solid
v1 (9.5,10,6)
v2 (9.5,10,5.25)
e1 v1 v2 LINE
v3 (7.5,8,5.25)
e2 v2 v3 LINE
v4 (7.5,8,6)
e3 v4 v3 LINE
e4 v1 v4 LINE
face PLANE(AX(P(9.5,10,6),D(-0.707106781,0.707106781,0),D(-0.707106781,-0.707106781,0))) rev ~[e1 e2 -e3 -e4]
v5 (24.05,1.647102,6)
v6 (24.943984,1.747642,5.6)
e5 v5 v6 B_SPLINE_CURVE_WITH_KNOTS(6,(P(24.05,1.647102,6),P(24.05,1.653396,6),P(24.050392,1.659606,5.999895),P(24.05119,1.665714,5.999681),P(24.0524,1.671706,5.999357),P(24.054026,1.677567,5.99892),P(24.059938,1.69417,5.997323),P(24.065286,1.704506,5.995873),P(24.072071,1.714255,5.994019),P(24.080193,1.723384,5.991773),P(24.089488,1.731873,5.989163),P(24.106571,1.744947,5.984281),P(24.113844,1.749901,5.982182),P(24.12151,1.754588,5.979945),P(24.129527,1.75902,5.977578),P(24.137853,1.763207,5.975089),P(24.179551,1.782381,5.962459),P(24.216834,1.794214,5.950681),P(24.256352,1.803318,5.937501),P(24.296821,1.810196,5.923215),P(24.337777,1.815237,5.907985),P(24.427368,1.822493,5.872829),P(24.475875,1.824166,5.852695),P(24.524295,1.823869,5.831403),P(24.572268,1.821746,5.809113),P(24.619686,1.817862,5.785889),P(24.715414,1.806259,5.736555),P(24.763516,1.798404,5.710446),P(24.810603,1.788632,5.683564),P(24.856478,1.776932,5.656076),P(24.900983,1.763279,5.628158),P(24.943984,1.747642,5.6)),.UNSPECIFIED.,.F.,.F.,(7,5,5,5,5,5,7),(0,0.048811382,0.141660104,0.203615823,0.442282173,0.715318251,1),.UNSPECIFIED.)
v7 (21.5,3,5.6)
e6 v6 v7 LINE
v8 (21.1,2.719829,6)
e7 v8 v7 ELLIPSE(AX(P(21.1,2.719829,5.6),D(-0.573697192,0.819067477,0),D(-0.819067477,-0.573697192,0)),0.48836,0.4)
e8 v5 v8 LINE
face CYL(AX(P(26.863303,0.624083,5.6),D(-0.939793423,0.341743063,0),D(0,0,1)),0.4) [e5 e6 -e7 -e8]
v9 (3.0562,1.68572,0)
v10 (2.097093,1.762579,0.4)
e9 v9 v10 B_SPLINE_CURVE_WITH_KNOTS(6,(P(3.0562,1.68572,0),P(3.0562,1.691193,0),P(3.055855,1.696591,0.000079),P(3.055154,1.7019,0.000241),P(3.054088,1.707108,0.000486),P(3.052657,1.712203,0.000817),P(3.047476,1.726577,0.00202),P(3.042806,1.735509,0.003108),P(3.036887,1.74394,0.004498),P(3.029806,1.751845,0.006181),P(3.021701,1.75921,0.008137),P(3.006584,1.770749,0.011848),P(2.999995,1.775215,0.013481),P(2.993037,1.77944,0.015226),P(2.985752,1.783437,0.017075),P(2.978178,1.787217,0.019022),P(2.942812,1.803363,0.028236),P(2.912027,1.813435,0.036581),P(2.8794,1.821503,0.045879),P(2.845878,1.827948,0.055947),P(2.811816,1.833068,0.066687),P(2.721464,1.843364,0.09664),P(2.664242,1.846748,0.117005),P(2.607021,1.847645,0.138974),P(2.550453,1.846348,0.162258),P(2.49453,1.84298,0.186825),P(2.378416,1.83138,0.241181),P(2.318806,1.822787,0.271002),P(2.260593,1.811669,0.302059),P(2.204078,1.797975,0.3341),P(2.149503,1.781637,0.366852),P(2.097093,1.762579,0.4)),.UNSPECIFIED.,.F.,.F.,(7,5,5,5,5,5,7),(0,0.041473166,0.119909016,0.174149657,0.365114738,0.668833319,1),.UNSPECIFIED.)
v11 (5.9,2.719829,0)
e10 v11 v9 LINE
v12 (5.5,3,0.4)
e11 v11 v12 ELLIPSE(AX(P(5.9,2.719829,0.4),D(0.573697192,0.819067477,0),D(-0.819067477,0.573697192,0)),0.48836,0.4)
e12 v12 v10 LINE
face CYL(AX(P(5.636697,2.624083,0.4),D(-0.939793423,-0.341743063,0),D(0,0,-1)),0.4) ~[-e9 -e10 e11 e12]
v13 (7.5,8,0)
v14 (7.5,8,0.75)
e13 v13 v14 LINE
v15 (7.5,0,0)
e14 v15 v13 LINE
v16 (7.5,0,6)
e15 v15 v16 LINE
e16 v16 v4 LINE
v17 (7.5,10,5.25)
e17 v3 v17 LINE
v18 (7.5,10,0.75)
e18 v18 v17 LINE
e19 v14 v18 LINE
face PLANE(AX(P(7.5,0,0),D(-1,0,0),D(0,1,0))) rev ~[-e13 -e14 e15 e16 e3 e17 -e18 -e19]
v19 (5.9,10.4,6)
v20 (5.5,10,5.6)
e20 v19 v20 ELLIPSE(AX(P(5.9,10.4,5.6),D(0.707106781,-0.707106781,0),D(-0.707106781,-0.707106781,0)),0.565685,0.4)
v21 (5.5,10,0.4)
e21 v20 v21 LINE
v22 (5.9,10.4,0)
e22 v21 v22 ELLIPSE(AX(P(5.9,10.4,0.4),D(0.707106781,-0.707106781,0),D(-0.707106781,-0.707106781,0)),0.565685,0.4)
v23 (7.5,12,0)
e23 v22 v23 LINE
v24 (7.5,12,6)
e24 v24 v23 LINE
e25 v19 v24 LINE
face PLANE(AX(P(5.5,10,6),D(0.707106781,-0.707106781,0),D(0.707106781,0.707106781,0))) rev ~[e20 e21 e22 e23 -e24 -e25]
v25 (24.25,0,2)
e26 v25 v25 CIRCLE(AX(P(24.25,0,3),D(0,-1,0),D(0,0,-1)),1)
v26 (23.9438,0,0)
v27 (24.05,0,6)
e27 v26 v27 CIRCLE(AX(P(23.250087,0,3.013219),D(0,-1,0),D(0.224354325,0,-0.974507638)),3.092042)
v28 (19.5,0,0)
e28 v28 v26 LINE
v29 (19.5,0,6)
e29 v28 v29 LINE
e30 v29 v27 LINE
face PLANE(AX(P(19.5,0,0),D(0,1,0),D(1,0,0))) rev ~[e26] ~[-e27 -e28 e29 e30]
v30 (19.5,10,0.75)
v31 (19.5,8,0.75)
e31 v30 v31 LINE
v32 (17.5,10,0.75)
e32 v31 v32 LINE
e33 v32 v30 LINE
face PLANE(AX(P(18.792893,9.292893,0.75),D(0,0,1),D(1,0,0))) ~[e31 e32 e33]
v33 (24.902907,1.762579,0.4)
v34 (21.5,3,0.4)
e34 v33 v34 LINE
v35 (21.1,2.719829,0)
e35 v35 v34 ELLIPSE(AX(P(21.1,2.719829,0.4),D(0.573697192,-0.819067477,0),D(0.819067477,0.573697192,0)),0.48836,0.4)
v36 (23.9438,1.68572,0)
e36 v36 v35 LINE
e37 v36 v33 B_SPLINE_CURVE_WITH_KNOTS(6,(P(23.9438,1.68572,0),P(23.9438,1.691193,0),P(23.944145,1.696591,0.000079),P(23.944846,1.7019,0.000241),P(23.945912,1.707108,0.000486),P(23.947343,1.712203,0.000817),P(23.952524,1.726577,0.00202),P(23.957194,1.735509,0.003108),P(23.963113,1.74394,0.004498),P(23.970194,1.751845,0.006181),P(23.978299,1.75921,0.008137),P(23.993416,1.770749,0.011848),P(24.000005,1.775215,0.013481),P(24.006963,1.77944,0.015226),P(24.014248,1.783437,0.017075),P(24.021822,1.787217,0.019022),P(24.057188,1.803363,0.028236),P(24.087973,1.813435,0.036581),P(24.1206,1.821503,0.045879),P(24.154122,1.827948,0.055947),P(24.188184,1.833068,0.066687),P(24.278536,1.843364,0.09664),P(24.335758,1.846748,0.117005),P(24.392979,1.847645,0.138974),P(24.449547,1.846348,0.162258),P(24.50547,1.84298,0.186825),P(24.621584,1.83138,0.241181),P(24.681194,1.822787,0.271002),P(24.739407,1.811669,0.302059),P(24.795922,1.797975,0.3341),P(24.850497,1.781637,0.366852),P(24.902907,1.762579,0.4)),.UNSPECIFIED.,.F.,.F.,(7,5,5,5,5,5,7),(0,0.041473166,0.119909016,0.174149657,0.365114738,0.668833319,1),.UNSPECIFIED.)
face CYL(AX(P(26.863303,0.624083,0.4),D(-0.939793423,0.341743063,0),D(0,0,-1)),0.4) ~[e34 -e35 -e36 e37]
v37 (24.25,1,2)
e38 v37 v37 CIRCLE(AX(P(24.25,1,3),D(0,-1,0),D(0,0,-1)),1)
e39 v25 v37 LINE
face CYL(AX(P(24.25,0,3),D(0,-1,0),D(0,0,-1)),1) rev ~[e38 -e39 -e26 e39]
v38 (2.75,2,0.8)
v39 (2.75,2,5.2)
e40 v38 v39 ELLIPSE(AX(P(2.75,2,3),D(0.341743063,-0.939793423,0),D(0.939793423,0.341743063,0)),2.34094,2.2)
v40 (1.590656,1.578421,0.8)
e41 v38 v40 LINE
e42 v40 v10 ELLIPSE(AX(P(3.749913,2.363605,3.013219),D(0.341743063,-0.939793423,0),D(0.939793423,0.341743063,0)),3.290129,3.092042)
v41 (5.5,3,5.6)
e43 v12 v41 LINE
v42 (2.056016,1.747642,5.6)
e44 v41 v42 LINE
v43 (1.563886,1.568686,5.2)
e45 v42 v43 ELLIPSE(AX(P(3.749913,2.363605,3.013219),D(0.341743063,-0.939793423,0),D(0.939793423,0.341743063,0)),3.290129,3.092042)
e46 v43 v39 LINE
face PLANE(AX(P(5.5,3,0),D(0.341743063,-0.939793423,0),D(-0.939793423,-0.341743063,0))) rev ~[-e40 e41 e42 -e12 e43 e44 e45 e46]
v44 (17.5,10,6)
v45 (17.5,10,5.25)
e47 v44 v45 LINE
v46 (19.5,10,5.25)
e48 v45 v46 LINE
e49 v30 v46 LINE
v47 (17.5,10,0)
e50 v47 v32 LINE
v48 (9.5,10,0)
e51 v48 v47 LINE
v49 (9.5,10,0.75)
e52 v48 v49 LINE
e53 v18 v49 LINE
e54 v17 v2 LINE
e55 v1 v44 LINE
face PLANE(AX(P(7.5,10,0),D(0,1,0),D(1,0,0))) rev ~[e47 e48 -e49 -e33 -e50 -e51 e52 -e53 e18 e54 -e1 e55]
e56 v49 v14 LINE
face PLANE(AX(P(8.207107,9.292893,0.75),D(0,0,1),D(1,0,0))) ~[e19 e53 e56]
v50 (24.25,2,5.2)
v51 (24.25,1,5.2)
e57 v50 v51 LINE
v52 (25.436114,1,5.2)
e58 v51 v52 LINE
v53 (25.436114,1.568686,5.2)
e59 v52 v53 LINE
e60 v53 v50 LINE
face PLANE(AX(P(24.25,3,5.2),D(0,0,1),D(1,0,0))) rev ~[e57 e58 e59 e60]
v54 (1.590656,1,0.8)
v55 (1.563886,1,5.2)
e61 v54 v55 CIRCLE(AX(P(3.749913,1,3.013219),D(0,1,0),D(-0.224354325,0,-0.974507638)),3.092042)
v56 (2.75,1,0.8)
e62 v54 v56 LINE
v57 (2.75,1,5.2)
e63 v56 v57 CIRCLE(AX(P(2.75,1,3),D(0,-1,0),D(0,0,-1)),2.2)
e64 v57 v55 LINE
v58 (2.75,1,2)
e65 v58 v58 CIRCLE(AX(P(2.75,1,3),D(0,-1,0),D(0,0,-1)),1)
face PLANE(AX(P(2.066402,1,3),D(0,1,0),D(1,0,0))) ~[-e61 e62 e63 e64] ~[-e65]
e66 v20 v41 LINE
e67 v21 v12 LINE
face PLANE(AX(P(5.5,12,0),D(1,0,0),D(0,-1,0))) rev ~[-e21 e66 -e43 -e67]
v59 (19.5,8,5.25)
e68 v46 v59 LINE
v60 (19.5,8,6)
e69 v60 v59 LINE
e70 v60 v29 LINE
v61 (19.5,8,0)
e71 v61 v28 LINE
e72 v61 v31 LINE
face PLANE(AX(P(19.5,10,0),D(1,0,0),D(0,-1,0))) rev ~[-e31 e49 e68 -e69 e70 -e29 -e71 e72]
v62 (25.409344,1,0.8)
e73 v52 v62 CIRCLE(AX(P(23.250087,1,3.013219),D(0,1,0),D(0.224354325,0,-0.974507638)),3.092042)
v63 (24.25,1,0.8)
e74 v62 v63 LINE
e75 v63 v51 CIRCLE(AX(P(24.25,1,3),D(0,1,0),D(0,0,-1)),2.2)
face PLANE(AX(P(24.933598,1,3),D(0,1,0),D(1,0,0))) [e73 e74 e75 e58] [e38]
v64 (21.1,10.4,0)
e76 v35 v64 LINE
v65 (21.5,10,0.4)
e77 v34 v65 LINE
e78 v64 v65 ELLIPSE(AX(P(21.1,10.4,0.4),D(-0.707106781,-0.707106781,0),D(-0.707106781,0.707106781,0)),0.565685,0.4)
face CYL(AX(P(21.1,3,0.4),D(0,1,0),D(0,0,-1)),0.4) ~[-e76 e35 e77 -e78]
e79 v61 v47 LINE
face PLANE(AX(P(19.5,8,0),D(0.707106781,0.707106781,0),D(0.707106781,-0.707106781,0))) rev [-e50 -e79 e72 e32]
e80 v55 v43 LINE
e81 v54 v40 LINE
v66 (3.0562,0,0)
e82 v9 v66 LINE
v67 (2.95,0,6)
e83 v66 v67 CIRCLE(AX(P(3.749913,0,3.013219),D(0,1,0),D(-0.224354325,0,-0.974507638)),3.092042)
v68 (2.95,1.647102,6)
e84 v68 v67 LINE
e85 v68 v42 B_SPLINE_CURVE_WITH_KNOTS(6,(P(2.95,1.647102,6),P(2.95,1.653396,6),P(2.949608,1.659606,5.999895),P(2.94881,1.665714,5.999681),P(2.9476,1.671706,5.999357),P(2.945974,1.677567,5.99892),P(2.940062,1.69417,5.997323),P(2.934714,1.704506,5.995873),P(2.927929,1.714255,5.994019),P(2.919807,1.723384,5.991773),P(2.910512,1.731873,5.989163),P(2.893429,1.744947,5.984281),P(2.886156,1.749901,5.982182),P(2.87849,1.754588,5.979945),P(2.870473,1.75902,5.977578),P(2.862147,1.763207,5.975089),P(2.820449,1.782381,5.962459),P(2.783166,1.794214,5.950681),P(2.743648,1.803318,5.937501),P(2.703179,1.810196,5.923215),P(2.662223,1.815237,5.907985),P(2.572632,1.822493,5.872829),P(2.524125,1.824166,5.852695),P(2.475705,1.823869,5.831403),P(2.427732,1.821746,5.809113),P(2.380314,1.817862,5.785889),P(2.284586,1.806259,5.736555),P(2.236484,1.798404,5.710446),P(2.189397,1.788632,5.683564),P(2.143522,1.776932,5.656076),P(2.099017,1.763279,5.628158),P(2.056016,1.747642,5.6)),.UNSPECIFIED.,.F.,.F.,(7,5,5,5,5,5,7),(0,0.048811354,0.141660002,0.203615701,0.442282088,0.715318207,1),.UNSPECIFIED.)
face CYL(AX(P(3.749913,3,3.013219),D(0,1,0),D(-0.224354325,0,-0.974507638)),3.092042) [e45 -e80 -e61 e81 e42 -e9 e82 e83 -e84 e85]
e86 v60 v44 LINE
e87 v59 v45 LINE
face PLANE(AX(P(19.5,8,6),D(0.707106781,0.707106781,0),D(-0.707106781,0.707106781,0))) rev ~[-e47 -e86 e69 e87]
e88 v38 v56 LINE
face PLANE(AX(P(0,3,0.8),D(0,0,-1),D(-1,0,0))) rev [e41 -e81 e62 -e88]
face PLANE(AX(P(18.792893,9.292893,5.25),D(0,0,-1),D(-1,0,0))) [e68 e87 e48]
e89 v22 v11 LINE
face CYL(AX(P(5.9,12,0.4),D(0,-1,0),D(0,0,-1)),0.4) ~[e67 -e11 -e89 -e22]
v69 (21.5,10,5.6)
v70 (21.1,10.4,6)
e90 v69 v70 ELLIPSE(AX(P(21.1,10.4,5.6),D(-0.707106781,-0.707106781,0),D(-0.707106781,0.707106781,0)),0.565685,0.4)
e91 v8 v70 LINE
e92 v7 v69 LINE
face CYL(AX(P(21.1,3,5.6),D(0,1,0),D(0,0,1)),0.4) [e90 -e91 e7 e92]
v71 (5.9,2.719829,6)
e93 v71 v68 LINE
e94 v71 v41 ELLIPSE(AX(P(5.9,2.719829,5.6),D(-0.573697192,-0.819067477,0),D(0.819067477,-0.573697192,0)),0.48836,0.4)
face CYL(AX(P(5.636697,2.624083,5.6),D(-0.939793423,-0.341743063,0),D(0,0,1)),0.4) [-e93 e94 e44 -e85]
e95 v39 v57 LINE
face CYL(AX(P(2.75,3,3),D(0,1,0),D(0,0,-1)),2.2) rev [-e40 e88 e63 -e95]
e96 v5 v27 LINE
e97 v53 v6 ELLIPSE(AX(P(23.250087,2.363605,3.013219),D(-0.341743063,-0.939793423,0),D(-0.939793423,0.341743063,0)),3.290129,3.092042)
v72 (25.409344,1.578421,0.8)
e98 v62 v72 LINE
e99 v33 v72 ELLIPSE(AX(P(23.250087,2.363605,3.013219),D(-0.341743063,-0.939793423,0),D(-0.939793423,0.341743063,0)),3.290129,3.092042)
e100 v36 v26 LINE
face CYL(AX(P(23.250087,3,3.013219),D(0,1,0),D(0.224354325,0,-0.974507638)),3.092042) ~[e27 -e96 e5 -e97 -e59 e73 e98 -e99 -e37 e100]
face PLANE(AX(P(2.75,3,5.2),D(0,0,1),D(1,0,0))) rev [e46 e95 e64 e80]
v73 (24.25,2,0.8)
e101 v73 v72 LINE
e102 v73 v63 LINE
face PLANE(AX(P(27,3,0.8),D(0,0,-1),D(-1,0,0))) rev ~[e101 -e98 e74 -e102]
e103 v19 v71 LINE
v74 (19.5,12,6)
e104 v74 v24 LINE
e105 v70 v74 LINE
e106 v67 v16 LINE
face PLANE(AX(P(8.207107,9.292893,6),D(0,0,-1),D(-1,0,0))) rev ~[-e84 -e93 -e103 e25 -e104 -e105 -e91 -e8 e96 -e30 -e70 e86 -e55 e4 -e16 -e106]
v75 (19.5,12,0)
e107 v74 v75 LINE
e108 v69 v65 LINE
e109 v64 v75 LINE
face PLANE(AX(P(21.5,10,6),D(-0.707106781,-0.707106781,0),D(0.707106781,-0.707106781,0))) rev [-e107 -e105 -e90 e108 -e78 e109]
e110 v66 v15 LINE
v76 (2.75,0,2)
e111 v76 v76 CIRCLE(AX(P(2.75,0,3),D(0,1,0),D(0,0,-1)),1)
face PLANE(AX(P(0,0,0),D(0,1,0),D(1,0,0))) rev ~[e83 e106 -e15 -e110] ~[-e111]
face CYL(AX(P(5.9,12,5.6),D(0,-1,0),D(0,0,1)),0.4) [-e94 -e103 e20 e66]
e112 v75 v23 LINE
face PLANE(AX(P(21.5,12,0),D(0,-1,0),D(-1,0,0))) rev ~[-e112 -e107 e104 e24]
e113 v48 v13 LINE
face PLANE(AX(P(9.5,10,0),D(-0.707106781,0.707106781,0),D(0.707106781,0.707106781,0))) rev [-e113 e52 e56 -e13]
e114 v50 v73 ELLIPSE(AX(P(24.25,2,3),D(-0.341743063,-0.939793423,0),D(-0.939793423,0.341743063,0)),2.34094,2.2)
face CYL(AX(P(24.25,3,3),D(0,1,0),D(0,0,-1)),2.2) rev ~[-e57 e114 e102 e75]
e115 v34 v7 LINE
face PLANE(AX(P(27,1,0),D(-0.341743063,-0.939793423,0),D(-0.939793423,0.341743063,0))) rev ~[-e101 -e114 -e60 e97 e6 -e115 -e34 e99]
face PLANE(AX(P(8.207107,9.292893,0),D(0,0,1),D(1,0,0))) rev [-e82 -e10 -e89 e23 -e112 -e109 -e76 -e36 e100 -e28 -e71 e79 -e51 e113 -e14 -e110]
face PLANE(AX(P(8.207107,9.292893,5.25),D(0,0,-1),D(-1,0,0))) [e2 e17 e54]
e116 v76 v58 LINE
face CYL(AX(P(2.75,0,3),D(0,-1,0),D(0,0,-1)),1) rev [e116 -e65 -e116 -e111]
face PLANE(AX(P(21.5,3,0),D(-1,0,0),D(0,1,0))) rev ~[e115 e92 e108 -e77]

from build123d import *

# Parameters (mm, degrees)
AUFSATZ_LINEAR_AUSTRAGEN1_DEPTH = 6
SKIZZE4_R                       = 1
SCHNITT_LINEAR_AUSTRAGEN1_DEPTH = 3
SCHNITT_LINEAR_AUSTRAGEN2_DEPTH = 2
VERRUNDUNG1_R                   = 0.4
SCHNITT_LINEAR_AUSTRAGEN4_DEPTH = 3
AUFSATZ_LINEAR_AUSTRAGEN2_DEPTH = 0.75
SCHNITT_LINEAR_AUSTRAGEN5_DEPTH = 6


with BuildPart() as part:
    # Skizze1 → Aufsatz-Linear austragen1 (new body)
    with BuildSketch(Plane.XY):
        Polygon((0, 0), (7.5, 0), (7.5, 10), (19.5, 10), (19.5, 0), (27, 0), (27, 1), (21.5, 3), (21.5, 12), (5.5, 12), (5.5, 3), (0, 1), align=None)
    extrude(amount=AUFSATZ_LINEAR_AUSTRAGEN1_DEPTH)

    # Skizze4 → Schnitt-Linear austragen1 (cut)
    with BuildSketch(Plane.XZ):
        with Locations(Location((24.25, 3, 0), (0, 0, 270))):
            Circle(SKIZZE4_R)
    schnitt_linear_austragen1 = extrude(amount=-SCHNITT_LINEAR_AUSTRAGEN1_DEPTH, mode=Mode.SUBTRACT)

    # Skizze5 → Schnitt-Linear austragen2 (cut)
    with BuildSketch(Plane(origin=(0, 3, 0), x_dir=(-1, 0, 0), z_dir=(0, -1, 0))):
        with BuildLine():
            Line((-24.25, -5.2), (-27, -5.2))
            Line((-27, -5.2), (-27, -0.8))
            Line((-27, -0.8), (-24.25, -0.8))
            ThreePointArc((-24.25, -0.8), (-22.05, -3), (-24.25, -5.2))
        make_face()
    schnitt_linear_austragen2 = extrude(amount=SCHNITT_LINEAR_AUSTRAGEN2_DEPTH, mode=Mode.SUBTRACT)

    # Spiegeln1: Schnitt-Linear austragen1, Schnitt-Linear austragen2 across plane
    add(schnitt_linear_austragen1.mirror(Plane(origin=(13.5, 0, 0), x_dir=(0, 0, 1), z_dir=(1, 0, 0))), mode=Mode.SUBTRACT)
    add(schnitt_linear_austragen2.mirror(Plane(origin=(13.5, 0, 0), x_dir=(0, 0, 1), z_dir=(1, 0, 0))), mode=Mode.SUBTRACT)

    # Verrundung1
    verrundung1_edges = [part.edges().sort_by_distance(p)[0] for p in [
        (2.75, 2, 0),
        (5.5, 7.5, 0),
        (21.5, 7.5, 0),
        (24.25, 2, 0),
        (24.25, 2, 6),
        (21.5, 7.5, 6),
        (5.5, 7.5, 6),
        (2.75, 2, 6),
    ]]
    fillet(verrundung1_edges, radius=VERRUNDUNG1_R)

    # Skizze7 → Schnitt-Linear austragen4 (cut)
    with BuildSketch(Plane(origin=(0, 3, 0), x_dir=(-1, 0, 0), z_dir=(0, -1, 0))):
        with BuildLine():
            Line((-24.05, -6), (-27.346568129, -6))
            Line((-27.346568129, -6), (-27.346568129, 0))
            Line((-27.346568129, 0), (-23.943800363, 0))
            ThreePointArc((-23.943800363, 0), (-26.341645128, -2.958498156), (-24.05, -6))
        make_face()
    schnitt_linear_austragen4 = extrude(amount=SCHNITT_LINEAR_AUSTRAGEN4_DEPTH, mode=Mode.SUBTRACT)

    # Spiegeln2: Schnitt-Linear austragen4 across plane
    add(schnitt_linear_austragen4.mirror(Plane(origin=(13.5, 0, 0), x_dir=(0, 0, 1), z_dir=(1, 0, 0))), mode=Mode.SUBTRACT)

    # Skizze8 → Aufsatz-Linear austragen2 (add)
    with BuildSketch(Plane.XY.offset(6)):
        Polygon((9.5, 10), (7.5, 8), (7.5, 10), align=None)
        Polygon((17.5, 10), (19.5, 10), (19.5, 8), align=None)
    aufsatz_linear_austragen2 = extrude(amount=-AUFSATZ_LINEAR_AUSTRAGEN2_DEPTH)

    # Spiegeln3: Aufsatz-Linear austragen2 across plane
    add(aufsatz_linear_austragen2.mirror(Plane.XY.offset(3)))

    # Skizze9 → Schnitt-Linear austragen5 (cut)
    with BuildSketch(Plane.XY.offset(6)):
        Polygon((5.5, 12), (5.5, 10), (7.5, 12), align=None)
    schnitt_linear_austragen5 = extrude(amount=-SCHNITT_LINEAR_AUSTRAGEN5_DEPTH, mode=Mode.SUBTRACT)

    # Spiegeln4: Schnitt-Linear austragen5 across plane
    add(schnitt_linear_austragen5.mirror(Plane(origin=(13.5, 0, 0), x_dir=(0, 0, 1), z_dir=(1, 0, 0))), mode=Mode.SUBTRACT)


solid = part.part
